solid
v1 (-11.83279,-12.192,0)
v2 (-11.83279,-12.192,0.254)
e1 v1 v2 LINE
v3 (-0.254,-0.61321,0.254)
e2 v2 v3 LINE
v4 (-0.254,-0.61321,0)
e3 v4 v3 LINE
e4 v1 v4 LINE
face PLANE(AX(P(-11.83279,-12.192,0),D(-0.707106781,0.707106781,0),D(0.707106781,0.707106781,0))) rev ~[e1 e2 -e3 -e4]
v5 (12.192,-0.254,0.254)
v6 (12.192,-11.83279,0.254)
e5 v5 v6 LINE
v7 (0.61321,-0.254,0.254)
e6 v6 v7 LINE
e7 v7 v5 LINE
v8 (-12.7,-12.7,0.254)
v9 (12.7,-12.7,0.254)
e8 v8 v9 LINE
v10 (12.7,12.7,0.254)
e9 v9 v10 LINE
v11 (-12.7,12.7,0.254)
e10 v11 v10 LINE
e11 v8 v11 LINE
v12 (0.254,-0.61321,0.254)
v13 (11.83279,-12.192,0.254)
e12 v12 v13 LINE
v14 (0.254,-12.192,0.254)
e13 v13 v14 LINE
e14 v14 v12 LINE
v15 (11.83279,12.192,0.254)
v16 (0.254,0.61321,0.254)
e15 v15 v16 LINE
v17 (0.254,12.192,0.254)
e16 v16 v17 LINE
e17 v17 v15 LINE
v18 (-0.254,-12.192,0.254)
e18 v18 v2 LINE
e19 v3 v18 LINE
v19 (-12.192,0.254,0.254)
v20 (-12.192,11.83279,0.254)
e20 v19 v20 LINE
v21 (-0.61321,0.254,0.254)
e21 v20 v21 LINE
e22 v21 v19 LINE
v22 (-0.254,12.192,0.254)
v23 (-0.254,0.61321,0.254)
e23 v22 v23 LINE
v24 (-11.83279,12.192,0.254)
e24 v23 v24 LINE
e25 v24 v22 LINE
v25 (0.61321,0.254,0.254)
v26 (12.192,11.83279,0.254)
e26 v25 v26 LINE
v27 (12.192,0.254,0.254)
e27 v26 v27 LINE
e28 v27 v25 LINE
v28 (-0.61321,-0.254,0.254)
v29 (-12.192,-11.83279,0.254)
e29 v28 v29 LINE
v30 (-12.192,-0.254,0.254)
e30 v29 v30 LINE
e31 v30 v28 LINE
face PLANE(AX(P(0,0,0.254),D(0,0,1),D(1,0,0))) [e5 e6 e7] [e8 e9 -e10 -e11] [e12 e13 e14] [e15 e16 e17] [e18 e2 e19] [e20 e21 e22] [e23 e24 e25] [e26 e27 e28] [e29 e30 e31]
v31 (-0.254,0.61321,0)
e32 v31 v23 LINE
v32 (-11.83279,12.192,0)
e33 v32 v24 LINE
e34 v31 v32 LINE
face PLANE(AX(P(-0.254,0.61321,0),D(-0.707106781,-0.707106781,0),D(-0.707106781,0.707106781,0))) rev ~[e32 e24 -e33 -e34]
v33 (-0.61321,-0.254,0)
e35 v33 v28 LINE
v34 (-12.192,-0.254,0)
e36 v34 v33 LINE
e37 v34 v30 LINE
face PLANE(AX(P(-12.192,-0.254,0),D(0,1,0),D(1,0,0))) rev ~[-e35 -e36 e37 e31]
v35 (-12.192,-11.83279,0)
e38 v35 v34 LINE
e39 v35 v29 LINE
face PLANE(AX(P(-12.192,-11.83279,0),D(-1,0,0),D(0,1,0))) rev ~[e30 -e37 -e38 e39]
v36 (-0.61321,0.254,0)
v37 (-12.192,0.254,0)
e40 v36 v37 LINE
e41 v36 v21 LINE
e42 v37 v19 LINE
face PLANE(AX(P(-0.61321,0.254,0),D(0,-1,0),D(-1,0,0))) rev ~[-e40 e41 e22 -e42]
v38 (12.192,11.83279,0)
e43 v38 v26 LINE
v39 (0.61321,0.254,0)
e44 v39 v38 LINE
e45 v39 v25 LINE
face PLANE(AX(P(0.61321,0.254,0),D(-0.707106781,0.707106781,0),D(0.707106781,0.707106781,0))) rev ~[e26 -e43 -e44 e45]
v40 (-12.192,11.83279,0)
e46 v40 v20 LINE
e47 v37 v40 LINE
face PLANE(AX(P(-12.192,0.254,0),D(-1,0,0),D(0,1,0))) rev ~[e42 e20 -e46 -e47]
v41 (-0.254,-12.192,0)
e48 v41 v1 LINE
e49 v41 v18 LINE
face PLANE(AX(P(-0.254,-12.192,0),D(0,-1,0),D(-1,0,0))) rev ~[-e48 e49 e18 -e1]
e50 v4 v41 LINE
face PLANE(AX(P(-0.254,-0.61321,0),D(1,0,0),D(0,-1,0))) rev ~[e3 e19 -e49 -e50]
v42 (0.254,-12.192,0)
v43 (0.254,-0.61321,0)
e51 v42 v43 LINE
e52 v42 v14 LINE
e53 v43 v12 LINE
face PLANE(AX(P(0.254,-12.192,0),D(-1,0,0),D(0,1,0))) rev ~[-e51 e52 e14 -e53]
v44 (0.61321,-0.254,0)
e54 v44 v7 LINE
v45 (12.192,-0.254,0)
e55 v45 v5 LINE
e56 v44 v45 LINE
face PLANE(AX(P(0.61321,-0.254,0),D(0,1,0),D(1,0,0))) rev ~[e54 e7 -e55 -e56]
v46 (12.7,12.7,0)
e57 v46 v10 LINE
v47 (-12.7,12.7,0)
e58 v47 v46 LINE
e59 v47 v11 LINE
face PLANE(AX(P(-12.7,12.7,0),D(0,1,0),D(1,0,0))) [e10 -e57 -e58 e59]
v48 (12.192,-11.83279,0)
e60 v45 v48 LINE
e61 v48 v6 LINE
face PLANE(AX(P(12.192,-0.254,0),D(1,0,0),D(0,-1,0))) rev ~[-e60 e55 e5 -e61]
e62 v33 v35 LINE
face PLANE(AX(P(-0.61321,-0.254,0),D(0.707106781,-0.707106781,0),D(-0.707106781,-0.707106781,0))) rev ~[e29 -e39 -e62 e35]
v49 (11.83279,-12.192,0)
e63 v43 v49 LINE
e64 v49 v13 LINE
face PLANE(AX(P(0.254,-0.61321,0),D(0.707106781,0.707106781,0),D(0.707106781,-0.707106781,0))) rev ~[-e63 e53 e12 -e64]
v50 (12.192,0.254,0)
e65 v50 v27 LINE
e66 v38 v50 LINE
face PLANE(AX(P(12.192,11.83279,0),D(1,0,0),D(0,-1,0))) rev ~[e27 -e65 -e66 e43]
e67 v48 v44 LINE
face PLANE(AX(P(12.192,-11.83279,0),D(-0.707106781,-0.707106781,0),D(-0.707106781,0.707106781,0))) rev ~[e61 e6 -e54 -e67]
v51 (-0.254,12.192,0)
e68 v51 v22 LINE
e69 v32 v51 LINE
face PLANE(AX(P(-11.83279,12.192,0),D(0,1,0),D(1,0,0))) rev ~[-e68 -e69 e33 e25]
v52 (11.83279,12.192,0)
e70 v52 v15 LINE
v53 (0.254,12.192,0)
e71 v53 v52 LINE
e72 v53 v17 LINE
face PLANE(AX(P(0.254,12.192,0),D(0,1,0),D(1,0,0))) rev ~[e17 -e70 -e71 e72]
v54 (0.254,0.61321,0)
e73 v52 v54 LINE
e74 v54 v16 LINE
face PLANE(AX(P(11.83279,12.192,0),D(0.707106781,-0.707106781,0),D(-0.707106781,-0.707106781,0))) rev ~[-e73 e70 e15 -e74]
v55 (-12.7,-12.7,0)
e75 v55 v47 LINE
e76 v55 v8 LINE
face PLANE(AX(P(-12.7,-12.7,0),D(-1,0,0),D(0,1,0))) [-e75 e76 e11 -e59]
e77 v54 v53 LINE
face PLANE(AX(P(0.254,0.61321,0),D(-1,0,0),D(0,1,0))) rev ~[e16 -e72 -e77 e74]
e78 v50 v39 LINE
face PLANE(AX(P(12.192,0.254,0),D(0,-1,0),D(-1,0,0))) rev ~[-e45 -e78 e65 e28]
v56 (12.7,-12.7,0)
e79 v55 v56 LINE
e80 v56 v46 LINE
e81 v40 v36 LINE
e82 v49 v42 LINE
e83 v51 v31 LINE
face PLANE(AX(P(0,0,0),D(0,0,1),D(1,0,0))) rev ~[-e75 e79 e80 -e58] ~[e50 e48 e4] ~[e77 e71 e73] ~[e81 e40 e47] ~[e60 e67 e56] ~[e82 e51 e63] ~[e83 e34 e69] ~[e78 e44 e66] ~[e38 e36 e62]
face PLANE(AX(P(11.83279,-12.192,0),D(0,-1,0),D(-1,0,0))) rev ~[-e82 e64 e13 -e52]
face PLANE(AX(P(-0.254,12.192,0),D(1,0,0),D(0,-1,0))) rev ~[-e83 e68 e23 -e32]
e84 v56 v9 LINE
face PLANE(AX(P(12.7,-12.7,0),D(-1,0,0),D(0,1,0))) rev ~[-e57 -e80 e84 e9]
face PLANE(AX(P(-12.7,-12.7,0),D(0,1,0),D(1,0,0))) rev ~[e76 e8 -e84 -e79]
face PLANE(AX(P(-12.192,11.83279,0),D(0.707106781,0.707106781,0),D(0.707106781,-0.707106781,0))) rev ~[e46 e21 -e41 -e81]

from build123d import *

# Parameters (mm, degrees)
F1_W     = 25.4
F1_H     = 25.4
F2_DEPTH = 0.254


with BuildPart() as f2:
    # F1 (on Top) → F2 (new body)
    with BuildSketch(Plane.XY):
        Rectangle(F1_W, F1_H)
        Polygon((-0.254, -12.192), (-11.83279, -12.192), (-0.254, -0.61321), align=None, mode=Mode.SUBTRACT)
        Polygon((-0.61321, -0.254), (-12.192, -11.83279), (-12.192, -0.254), align=None, mode=Mode.SUBTRACT)
        Polygon((11.83279, -12.192), (0.254, -12.192), (0.254, -0.61321), align=None, mode=Mode.SUBTRACT)
        Polygon((12.192, -0.254), (12.192, -11.83279), (0.61321, -0.254), align=None, mode=Mode.SUBTRACT)
        Polygon((-12.192, 0.254), (-12.192, 11.83279), (-0.61321, 0.254), align=None, mode=Mode.SUBTRACT)
        Polygon((-0.254, 0.61321), (-11.83279, 12.192), (-0.254, 12.192), align=None, mode=Mode.SUBTRACT)
        Polygon((0.61321, 0.254), (12.192, 11.83279), (12.192, 0.254), align=None, mode=Mode.SUBTRACT)
        Polygon((0.254, 0.61321), (0.254, 12.192), (11.83279, 12.192), align=None, mode=Mode.SUBTRACT)
    extrude(amount=F2_DEPTH)


solid = f2.part
